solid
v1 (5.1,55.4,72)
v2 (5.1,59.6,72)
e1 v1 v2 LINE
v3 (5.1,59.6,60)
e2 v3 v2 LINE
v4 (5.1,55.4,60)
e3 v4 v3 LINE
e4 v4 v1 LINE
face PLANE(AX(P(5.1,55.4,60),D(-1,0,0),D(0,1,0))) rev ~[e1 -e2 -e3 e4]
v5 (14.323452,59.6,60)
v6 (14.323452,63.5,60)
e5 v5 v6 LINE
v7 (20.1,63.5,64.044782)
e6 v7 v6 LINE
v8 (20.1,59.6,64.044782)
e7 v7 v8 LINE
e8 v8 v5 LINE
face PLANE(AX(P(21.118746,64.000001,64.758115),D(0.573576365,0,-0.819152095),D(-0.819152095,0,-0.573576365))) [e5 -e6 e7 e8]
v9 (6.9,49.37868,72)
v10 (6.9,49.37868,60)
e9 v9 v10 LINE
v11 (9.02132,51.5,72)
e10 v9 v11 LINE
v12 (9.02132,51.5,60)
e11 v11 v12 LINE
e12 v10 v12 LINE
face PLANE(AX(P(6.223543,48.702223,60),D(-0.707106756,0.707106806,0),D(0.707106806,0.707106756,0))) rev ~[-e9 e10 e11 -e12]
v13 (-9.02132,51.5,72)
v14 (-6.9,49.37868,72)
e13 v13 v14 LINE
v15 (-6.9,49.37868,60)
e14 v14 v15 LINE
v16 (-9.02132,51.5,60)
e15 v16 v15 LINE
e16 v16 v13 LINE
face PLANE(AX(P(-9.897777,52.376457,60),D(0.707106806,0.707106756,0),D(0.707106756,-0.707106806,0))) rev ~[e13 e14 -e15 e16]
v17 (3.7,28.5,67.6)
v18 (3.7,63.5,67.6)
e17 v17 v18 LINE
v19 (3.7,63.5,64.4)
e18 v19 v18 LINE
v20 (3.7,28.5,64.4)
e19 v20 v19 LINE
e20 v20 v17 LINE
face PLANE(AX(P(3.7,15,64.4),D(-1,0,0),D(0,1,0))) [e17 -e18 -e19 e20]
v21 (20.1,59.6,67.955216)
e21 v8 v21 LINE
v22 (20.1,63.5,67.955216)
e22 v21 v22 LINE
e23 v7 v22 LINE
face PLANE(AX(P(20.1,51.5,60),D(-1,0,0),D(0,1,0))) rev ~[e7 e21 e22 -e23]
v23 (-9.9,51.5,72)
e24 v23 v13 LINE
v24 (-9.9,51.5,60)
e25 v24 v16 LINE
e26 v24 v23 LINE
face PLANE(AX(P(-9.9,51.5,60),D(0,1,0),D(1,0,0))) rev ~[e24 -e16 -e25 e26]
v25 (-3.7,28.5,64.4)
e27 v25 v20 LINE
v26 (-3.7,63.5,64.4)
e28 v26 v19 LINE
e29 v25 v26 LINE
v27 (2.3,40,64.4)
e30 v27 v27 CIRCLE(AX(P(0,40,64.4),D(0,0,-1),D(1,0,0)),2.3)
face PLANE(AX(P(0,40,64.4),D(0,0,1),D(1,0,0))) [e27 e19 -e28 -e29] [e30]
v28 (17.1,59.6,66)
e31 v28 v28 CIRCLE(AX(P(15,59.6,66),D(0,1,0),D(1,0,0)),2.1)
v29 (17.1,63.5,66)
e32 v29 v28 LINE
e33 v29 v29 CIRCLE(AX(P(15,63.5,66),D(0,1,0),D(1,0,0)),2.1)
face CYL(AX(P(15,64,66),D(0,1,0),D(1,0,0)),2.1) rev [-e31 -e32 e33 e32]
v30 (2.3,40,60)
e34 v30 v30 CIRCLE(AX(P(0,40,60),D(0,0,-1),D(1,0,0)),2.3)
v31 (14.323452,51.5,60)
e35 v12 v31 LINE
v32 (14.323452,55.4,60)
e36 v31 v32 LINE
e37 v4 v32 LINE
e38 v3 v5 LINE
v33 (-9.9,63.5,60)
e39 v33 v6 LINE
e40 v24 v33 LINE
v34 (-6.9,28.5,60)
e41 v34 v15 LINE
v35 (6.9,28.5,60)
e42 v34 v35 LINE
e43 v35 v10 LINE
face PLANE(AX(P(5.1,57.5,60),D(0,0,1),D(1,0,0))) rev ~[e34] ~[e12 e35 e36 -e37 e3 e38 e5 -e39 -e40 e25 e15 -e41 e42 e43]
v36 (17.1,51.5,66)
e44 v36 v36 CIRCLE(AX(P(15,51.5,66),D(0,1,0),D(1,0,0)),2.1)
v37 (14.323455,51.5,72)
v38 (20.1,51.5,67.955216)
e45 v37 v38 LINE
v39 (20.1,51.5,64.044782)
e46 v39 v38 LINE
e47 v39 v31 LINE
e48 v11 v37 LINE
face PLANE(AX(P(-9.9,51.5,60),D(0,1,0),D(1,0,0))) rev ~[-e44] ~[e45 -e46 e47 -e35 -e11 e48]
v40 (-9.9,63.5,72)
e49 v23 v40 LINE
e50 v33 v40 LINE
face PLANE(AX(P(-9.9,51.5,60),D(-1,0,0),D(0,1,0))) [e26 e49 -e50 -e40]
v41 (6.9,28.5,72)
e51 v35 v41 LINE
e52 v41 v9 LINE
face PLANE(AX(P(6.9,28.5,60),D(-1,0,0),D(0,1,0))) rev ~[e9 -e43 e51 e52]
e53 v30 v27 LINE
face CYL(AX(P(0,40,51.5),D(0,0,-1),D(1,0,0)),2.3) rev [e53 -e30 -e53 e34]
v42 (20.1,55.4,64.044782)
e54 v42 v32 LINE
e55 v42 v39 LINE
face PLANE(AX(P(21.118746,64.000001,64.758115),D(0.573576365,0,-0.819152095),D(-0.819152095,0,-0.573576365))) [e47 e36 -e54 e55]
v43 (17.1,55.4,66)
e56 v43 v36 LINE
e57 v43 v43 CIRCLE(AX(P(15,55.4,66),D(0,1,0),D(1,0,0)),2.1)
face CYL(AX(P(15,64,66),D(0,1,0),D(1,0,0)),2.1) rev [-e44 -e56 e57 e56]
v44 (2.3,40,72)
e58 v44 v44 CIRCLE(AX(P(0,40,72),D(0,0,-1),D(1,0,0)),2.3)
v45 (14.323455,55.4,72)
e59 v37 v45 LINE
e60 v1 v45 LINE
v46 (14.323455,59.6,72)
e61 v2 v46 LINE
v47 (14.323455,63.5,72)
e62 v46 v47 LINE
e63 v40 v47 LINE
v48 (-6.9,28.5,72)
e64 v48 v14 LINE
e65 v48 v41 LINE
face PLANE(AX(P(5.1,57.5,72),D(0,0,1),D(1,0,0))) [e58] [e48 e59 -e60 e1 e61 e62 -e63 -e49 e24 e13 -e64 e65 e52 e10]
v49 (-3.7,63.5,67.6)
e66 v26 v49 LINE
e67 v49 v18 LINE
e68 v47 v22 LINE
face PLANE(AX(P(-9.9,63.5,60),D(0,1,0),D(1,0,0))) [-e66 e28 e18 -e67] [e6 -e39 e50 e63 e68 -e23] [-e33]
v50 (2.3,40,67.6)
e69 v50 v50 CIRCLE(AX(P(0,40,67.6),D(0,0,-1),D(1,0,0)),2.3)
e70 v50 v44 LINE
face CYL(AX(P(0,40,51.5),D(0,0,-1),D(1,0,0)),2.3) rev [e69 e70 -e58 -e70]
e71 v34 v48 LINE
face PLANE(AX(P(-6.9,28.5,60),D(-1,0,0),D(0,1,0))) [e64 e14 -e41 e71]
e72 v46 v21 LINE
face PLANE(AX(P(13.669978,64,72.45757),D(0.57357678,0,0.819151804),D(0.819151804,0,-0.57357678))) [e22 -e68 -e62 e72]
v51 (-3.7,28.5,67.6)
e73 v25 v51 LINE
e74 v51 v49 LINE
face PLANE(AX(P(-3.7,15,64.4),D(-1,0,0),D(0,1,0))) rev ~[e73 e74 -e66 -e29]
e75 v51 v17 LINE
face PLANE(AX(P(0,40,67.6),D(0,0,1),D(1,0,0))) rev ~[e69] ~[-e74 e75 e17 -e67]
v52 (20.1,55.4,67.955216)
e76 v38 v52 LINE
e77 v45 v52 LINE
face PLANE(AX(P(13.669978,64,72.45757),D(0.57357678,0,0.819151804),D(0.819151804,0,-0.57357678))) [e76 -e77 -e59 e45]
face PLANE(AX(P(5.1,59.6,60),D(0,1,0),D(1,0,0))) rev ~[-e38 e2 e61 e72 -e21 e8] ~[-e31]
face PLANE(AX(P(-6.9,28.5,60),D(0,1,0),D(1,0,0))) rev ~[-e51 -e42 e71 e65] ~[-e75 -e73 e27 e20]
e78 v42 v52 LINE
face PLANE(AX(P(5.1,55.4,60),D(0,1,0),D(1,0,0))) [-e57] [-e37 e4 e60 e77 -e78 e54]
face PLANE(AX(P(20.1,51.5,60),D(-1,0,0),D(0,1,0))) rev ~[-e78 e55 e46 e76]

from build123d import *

# Parameters (mm, degrees)
CUBE022_W                = 7.4
CUBE022_H                = 50
CUBE022_DEPTH            = 3.2
CUBE023_W                = 15
CUBE023_H                = 4.2
CUBE023_DEPTH            = 12
CYLINDER014_R            = 2.1
CYLINDER014_DEPTH        = 13
PRISM016_DEPTH           = 13
PRISM016_ROLL_ANGLE      = 90
PRISM016_PITCH_ANGLE     = 65.000022
PRISM017_DEPTH           = 13
PRISM017_ROLL_ANGLE      = -90
PRISM017_PITCH_ANGLE     = 4.999997
PRISM017_PLACEMENT_ANGLE = 180
CYLINDER013_R            = 2.3
CYLINDER013_DEPTH        = 41
PRISM014_DEPTH           = 12
PRISM014_PLACEMENT_ANGLE = 15
PRISM015_DEPTH           = 12
PRISM015_PLACEMENT_ANGLE = 75
CUBE021_W                = 30
CUBE021_H                = 12
CUBE021_DEPTH            = 12
CUBE020_W                = 13.8
CUBE020_H                = 23
CUBE020_DEPTH            = 12


with BuildPart() as cube022:
    # cube022 → cube022 (new body)
    with BuildSketch(Plane(origin=(-3.7, 15, 64.4), x_dir=(1, 0, 0), z_dir=(0, 0, 1))):
        with Locations((3.7, 25)):
            Rectangle(CUBE022_W, CUBE022_H)
    extrude(amount=CUBE022_DEPTH)


with BuildPart() as cube023:
    # cube023 → cube023 (new body)
    with BuildSketch(Plane(origin=(5.1, 55.4, 60), x_dir=(1, 0, 0), z_dir=(0, 0, 1))):
        with Locations((7.5, 2.1)):
            Rectangle(CUBE023_W, CUBE023_H)
    extrude(amount=CUBE023_DEPTH)


with BuildPart() as cylinder014:
    # cylinder014 → cylinder014 (new body)
    with BuildSketch(Plane(origin=(15, 64, 66), x_dir=(1, 0, 0), z_dir=(0, -1, 0))):
        Circle(CYLINDER014_R)
    extrude(amount=CYLINDER014_DEPTH)


with BuildPart() as prism016:
    # prism016 → prism016 (new body)
    with BuildSketch(Plane.XY):
        Polygon((5.25, 0), (-2.625, 4.546633), (-2.625, -4.546633), align=None)
    extrude(amount=PRISM016_DEPTH)


with BuildPart() as prism016_1:
    # prism016 roll: moved
    add(prism016.part.rotate(Axis((0, 0, 0), (1, 0, 0)), PRISM016_ROLL_ANGLE))


with BuildPart() as prism016_2:
    # prism016 pitch: moved
    add(prism016_1.part.rotate(Axis((0, 0, 0), (0, 1, 0)), PRISM016_PITCH_ANGLE))


with BuildPart() as prism016_3:
    # prism016 placement: moved
    add(prism016_2.part.moved(Location((18.9, 64, 72))))


with BuildPart() as prism017:
    # prism017 → prism017 (new body)
    with BuildSketch(Plane.XY):
        Polygon((5.25, 0), (-2.625, 4.546633), (-2.625, -4.546633), align=None)
    extrude(amount=PRISM017_DEPTH)


with BuildPart() as prism017_1:
    # prism017 roll: moved
    add(prism017.part.rotate(Axis((0, 0, 0), (1, 0, 0)), PRISM017_ROLL_ANGLE))


with BuildPart() as prism017_2:
    # prism017 pitch: moved
    add(prism017_1.part.rotate(Axis((0, 0, 0), (0, 1, 0)), PRISM017_PITCH_ANGLE))


with BuildPart() as prism017_3:
    # prism017 placement: moved
    add(prism017_2.part.moved(Location((18.9, 64.000001, 60))).rotate(Axis((18.9, 64.000001, 60), (0, 0, 1)), PRISM017_PLACEMENT_ANGLE))


with BuildPart() as group009:
    # cylinder013 → cylinder013 (new body)
    with BuildSketch(Plane(origin=(0, 40, 51.5), x_dir=(1, 0, 0), z_dir=(0, 0, 1))):
        Circle(CYLINDER013_R)
    extrude(amount=CYLINDER013_DEPTH)

    # Group009: union cube022, cube023, cylinder014, prism016, prism017
    add(cube022.part)
    add(cube023.part)
    add(cylinder014.part)
    add(prism016_3.part)
    add(prism017_3.part)


with BuildPart() as prism014:
    # prism014 → prism014 (new body)
    with BuildSketch(Plane.XY):
        Polygon((3, 0), (-1.5, 2.598076), (-1.5, -2.598076), align=None)
    extrude(amount=PRISM014_DEPTH)


with BuildPart() as prism014_1:
    # prism014 placement: moved
    add(prism014.part.moved(Location((7, 51.6, 60))).rotate(Axis((7, 51.6, 60), (0, 0, 1)), PRISM014_PLACEMENT_ANGLE))


with BuildPart() as prism015:
    # prism015 → prism015 (new body)
    with BuildSketch(Plane.XY):
        Polygon((3, 0), (-1.5, 2.598076), (-1.5, -2.598076), align=None)
    extrude(amount=PRISM015_DEPTH)


with BuildPart() as prism015_1:
    # prism015 placement: moved
    add(prism015.part.moved(Location((-7, 51.6, 60))).rotate(Axis((-7, 51.6, 60), (0, 0, -1)), PRISM015_PLACEMENT_ANGLE))


with BuildPart() as cube021:
    # cube021 → cube021 (new body)
    with BuildSketch(Plane(origin=(-9.9, 51.5, 60), x_dir=(1, 0, 0), z_dir=(0, 0, 1))):
        with Locations((15, 6)):
            Rectangle(CUBE021_W, CUBE021_H)
    extrude(amount=CUBE021_DEPTH)


with BuildPart() as updown001:
    # cube020 → cube020 (new body)
    with BuildSketch(Plane(origin=(-6.9, 28.5, 60), x_dir=(1, 0, 0), z_dir=(0, 0, 1))):
        with Locations((6.9, 11.5)):
            Rectangle(CUBE020_W, CUBE020_H)
    extrude(amount=CUBE020_DEPTH)

    # Group008: union prism014, prism015, cube021
    add(prism014_1.part)
    add(prism015_1.part)
    add(cube021.part)

    # difference005: cut Group009
    add(group009.part, mode=Mode.SUBTRACT)


solid = updown001.part
